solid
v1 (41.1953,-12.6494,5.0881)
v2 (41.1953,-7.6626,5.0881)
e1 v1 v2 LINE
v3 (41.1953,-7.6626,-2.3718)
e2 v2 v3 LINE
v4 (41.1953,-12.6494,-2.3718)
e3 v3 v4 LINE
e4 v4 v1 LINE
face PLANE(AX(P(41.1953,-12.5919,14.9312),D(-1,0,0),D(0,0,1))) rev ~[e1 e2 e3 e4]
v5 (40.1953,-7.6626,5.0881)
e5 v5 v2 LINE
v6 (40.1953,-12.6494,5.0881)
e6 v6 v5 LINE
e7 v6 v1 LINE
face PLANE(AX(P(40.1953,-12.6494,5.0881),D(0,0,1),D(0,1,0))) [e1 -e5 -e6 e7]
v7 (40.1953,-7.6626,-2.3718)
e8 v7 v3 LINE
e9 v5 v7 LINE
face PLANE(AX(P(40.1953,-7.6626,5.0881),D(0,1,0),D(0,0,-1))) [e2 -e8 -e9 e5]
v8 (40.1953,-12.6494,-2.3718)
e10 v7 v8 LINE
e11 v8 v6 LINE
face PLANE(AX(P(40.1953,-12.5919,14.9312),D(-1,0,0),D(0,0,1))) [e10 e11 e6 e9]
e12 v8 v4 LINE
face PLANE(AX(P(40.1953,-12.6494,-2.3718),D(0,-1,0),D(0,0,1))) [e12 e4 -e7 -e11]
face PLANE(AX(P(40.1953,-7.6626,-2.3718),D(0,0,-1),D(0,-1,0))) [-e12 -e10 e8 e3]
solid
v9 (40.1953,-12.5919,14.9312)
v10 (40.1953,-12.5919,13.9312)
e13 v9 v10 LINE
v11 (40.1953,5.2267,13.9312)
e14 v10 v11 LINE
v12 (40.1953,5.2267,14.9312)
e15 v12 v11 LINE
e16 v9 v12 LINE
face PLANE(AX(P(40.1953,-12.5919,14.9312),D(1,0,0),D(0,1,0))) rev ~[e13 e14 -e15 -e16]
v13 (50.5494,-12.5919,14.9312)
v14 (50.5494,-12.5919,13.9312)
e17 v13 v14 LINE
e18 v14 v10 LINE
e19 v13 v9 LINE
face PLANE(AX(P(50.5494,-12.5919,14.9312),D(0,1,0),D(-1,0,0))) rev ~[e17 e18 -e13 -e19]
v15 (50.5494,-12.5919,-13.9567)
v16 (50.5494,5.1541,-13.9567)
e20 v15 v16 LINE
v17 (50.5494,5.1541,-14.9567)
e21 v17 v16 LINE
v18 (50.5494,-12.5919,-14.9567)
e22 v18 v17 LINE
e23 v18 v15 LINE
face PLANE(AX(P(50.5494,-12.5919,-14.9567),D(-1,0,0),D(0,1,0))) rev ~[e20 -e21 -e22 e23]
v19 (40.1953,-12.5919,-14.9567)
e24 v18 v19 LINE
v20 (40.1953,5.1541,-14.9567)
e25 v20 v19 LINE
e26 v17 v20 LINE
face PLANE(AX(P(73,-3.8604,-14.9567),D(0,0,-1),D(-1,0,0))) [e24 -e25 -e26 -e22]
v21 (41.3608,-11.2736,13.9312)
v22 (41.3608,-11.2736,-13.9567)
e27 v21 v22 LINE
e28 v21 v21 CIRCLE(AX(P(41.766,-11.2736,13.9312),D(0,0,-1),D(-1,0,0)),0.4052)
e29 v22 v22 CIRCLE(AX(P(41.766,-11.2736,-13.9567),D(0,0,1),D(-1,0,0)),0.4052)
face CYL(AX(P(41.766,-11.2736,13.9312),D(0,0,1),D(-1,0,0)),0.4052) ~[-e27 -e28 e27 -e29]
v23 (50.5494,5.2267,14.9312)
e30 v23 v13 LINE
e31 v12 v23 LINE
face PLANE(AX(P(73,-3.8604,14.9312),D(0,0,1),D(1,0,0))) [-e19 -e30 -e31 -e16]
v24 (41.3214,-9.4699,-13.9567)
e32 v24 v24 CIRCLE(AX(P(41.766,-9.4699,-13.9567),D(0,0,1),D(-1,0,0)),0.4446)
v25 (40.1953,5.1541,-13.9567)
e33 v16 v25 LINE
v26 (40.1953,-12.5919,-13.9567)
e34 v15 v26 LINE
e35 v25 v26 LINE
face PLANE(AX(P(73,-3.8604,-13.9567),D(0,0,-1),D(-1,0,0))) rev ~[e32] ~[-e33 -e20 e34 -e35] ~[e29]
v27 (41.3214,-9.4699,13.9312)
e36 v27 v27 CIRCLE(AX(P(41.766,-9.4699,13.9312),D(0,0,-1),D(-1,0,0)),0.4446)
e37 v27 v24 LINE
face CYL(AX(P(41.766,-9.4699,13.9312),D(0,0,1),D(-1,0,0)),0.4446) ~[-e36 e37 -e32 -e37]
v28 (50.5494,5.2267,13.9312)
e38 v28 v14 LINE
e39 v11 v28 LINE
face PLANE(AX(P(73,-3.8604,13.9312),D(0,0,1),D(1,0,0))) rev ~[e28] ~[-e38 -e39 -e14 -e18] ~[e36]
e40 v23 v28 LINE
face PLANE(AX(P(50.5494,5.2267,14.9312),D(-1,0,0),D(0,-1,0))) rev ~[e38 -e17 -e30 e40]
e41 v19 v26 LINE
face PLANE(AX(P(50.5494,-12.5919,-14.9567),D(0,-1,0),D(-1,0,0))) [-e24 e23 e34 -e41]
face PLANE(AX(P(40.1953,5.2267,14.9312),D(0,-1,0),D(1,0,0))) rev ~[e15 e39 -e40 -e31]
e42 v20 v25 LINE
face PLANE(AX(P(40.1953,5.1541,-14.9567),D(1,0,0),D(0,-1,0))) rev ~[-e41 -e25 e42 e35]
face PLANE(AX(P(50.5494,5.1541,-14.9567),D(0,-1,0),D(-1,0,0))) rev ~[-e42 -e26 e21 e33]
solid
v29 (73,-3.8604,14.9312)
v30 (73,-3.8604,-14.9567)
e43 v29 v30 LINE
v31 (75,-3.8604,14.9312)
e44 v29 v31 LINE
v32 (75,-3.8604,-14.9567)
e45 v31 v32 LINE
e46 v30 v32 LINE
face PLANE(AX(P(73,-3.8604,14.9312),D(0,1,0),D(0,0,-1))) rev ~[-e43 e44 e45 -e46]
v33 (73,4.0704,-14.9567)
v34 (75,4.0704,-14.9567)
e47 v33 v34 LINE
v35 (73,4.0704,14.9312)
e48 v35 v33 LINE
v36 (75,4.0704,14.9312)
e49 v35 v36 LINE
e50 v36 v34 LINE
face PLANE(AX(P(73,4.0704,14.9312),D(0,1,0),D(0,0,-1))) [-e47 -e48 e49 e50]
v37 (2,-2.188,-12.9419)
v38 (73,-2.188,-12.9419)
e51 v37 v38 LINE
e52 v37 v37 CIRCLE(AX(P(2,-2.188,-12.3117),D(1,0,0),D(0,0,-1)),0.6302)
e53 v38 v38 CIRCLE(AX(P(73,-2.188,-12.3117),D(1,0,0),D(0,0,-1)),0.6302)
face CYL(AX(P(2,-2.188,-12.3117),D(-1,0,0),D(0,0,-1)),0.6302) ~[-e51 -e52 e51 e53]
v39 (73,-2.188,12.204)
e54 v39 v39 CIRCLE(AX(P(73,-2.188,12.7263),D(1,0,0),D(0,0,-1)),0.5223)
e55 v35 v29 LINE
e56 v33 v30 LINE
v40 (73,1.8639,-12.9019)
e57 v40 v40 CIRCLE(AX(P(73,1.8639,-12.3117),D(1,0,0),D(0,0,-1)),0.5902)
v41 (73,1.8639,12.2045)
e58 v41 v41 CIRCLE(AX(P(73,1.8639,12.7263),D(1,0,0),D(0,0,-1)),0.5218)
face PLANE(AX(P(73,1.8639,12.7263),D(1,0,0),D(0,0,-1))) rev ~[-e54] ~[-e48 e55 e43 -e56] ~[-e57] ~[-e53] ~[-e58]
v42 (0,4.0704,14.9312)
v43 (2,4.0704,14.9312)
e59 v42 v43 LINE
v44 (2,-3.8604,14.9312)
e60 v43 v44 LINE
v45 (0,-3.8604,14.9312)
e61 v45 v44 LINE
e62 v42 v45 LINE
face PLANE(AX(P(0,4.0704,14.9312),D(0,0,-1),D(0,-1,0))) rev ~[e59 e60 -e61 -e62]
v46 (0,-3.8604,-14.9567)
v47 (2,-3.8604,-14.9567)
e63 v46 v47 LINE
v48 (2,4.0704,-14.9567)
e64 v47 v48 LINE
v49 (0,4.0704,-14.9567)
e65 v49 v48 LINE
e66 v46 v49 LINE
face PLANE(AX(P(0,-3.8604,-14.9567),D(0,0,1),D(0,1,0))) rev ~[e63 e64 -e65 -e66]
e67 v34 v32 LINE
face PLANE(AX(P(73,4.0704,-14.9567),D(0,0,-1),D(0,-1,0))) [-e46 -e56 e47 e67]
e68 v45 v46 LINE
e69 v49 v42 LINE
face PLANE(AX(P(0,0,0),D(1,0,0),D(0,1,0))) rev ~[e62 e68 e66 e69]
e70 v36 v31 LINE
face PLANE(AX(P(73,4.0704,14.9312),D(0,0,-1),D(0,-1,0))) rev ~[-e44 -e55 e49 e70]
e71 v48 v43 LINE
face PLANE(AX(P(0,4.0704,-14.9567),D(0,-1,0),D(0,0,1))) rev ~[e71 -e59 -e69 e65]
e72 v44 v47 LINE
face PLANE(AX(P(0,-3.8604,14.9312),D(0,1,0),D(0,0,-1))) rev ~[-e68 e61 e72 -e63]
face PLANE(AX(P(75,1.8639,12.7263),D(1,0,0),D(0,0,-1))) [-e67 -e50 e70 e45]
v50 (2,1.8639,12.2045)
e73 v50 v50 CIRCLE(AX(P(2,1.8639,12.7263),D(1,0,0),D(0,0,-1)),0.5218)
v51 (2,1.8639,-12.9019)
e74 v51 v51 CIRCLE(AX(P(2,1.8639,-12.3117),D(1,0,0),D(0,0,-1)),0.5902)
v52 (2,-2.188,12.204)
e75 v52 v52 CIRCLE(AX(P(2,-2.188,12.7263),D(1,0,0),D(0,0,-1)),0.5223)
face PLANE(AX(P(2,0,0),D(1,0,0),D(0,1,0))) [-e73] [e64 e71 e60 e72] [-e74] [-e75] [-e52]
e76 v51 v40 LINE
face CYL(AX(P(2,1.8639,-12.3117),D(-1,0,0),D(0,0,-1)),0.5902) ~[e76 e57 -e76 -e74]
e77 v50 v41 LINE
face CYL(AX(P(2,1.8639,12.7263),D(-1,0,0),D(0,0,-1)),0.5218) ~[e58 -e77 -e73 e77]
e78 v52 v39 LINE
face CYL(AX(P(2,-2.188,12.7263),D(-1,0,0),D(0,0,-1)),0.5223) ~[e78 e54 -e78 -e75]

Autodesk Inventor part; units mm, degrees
ref_plane "YZ Plane" through (0, 0, 0) normal (1, 0, 0) x (0, 1, 0)
ref_plane "XZ Plane" through (0, 0, 0) normal (0, 1, 0) x (-1, 0, 0)
ref_plane "XY Plane" through (0, 0, 0) normal (0, 0, 1) x (1, 0, 0)
sketch "Sketch1" plane through (0, 0, 0) normal (1, 0, 0) x (0, 1, 0)
  line L0 (4.0704, 14.9312) -> (-3.8604, 14.9312)
  line L1 (-3.8604, 14.9312) -> (-3.8604, -14.9567)
  line L2 (-3.8604, -14.9567) -> (4.0704, -14.9567)
  line L3 (4.0704, -14.9567) -> (4.0704, 14.9312)
  line L4 (4.0704, 14.9312) -> (-3.8604, -14.9567) construction
  line L5 (-3.8604, 14.9312) -> (4.0704, -14.9567) construction
  point P0 (0, 0)
  point P1 (0.105, -0.0127)
extrude "Extrusion1" add sketch "Sketch1" along normal blind 2
sketch "Sketch2" plane through (2, 0, 0) normal (1, 0, 0) x (0, 0, -1)
  circle A0 centre (-12.7263, 1.8639) radius 0.5218
  circle A1 centre (-12.7263, -2.188) radius 0.5223
  circle A2 centre (12.3117, 1.8639) radius 0.5902
  circle A3 centre (12.3117, -2.188) radius 0.6302
  point P0 (0, 0)
extrude "Extrusion2" add sketch "Sketch2" along normal blind 71
sketch "Sketch3" plane through (73, 1.8639, 12.7263) normal (1, 0, 0) x (0, 0, -1)
  line L0 (-2.2049, 2.2065) -> (-2.2049, -5.7243) projected
  line L1 (-2.2049, -5.7243) -> (27.683, -5.7243) projected
  line L2 (-2.2049, 2.2065) -> (27.683, 2.2065)
  line L3 (27.683, 2.2065) -> (27.683, -5.7243)
  line L4 (27.683, -5.7243) -> (-2.2049, -5.7243)
  line L5 (-2.2049, -5.7243) -> (-2.2049, 2.2065)
  point P0 (12.7263, -1.8639)
extrude "Extrusion3" add sketch "Sketch3" along normal blind 2
sketch "Sketch4" plane through (0, -3.8604, 14.9312) normal (0, 0, 1) x (1, 0, 0)
  point P0 (0, 3.8604)
sketch "Sketch5" plane through (73, -3.8604, 14.9312) normal (0, 0, 1) x (1, 0, 0)
  line L0 (-22.4506, -8.7315) -> (-32.8047, -8.7315)
  line L1 (-32.8047, -8.7315) -> (-32.8047, 9.0871)
  line L2 (-32.8047, 9.0871) -> (-22.4506, 9.0871)
  line L3 (-22.4506, 9.0871) -> (-22.4506, -8.7315)
  point P0 (-73, 3.8604)
extrude "Extrusion4" add sketch "Sketch5" against normal blind 1
sketch "Sketch6" plane through (73, -3.8604, -14.9567) normal (0, 0, -1) x (-1, 0, 0)
  line L0 (22.4506, -8.7315) -> (32.8047, -8.7315) projected
  line L1 (32.8047, -8.7315) -> (22.4506, -8.7315)
  line L2 (22.4506, -8.7315) -> (22.4506, 9.0145)
  line L3 (22.4506, 9.0145) -> (32.8047, 9.0145)
  line L4 (32.8047, 9.0145) -> (32.8047, -8.7315)
  point P0 (73, 3.8604)
extrude "Extrusion5" add sketch "Sketch6" against normal blind 1
sketch "Sketch7" plane through (73, -3.8604, 13.9312) normal (0, 0, -1) x (-1, 0, 0)
  circle A0 centre (31.234, -7.4132) radius 0.4052
  point P0 (73, 3.8604)
extrude "Extrusion6" add sketch "Sketch7" along normal blind 28
sketch "Sketch8" plane through (73, -3.8604, 13.9312) normal (0, 0, -1) x (-1, 0, 0)
  circle A0 centre (31.234, -5.6095) radius 0.4446
  point P0 (73, 3.8604)
extrude "Extrusion7" add sketch "Sketch8" along normal blind 28
sketch "Sketch9" plane through (40.1953, -12.5919, -14.9567) normal (-1, 0, 0) x (0, 0, 1)
  point P0 (14.9567, 12.5919)
sketch "Sketch10" plane through (40.1953, -12.5919, 14.9312) normal (-1, 0, 0) x (0, 0, 1)
  line L0 (-9.8431, 4.9293) -> (-17.303, 4.9293)
  line L1 (-17.303, 4.9293) -> (-17.303, -0.0575)
  line L2 (-17.303, -0.0575) -> (-9.8431, -0.0575)
  line L3 (-9.8431, -0.0575) -> (-9.8431, 4.9293)
  point P0 (-14.9312, 12.5919)
extrude "Extrusion8" add sketch "Sketch10" against normal blind 1
properties part number "carving machine"
